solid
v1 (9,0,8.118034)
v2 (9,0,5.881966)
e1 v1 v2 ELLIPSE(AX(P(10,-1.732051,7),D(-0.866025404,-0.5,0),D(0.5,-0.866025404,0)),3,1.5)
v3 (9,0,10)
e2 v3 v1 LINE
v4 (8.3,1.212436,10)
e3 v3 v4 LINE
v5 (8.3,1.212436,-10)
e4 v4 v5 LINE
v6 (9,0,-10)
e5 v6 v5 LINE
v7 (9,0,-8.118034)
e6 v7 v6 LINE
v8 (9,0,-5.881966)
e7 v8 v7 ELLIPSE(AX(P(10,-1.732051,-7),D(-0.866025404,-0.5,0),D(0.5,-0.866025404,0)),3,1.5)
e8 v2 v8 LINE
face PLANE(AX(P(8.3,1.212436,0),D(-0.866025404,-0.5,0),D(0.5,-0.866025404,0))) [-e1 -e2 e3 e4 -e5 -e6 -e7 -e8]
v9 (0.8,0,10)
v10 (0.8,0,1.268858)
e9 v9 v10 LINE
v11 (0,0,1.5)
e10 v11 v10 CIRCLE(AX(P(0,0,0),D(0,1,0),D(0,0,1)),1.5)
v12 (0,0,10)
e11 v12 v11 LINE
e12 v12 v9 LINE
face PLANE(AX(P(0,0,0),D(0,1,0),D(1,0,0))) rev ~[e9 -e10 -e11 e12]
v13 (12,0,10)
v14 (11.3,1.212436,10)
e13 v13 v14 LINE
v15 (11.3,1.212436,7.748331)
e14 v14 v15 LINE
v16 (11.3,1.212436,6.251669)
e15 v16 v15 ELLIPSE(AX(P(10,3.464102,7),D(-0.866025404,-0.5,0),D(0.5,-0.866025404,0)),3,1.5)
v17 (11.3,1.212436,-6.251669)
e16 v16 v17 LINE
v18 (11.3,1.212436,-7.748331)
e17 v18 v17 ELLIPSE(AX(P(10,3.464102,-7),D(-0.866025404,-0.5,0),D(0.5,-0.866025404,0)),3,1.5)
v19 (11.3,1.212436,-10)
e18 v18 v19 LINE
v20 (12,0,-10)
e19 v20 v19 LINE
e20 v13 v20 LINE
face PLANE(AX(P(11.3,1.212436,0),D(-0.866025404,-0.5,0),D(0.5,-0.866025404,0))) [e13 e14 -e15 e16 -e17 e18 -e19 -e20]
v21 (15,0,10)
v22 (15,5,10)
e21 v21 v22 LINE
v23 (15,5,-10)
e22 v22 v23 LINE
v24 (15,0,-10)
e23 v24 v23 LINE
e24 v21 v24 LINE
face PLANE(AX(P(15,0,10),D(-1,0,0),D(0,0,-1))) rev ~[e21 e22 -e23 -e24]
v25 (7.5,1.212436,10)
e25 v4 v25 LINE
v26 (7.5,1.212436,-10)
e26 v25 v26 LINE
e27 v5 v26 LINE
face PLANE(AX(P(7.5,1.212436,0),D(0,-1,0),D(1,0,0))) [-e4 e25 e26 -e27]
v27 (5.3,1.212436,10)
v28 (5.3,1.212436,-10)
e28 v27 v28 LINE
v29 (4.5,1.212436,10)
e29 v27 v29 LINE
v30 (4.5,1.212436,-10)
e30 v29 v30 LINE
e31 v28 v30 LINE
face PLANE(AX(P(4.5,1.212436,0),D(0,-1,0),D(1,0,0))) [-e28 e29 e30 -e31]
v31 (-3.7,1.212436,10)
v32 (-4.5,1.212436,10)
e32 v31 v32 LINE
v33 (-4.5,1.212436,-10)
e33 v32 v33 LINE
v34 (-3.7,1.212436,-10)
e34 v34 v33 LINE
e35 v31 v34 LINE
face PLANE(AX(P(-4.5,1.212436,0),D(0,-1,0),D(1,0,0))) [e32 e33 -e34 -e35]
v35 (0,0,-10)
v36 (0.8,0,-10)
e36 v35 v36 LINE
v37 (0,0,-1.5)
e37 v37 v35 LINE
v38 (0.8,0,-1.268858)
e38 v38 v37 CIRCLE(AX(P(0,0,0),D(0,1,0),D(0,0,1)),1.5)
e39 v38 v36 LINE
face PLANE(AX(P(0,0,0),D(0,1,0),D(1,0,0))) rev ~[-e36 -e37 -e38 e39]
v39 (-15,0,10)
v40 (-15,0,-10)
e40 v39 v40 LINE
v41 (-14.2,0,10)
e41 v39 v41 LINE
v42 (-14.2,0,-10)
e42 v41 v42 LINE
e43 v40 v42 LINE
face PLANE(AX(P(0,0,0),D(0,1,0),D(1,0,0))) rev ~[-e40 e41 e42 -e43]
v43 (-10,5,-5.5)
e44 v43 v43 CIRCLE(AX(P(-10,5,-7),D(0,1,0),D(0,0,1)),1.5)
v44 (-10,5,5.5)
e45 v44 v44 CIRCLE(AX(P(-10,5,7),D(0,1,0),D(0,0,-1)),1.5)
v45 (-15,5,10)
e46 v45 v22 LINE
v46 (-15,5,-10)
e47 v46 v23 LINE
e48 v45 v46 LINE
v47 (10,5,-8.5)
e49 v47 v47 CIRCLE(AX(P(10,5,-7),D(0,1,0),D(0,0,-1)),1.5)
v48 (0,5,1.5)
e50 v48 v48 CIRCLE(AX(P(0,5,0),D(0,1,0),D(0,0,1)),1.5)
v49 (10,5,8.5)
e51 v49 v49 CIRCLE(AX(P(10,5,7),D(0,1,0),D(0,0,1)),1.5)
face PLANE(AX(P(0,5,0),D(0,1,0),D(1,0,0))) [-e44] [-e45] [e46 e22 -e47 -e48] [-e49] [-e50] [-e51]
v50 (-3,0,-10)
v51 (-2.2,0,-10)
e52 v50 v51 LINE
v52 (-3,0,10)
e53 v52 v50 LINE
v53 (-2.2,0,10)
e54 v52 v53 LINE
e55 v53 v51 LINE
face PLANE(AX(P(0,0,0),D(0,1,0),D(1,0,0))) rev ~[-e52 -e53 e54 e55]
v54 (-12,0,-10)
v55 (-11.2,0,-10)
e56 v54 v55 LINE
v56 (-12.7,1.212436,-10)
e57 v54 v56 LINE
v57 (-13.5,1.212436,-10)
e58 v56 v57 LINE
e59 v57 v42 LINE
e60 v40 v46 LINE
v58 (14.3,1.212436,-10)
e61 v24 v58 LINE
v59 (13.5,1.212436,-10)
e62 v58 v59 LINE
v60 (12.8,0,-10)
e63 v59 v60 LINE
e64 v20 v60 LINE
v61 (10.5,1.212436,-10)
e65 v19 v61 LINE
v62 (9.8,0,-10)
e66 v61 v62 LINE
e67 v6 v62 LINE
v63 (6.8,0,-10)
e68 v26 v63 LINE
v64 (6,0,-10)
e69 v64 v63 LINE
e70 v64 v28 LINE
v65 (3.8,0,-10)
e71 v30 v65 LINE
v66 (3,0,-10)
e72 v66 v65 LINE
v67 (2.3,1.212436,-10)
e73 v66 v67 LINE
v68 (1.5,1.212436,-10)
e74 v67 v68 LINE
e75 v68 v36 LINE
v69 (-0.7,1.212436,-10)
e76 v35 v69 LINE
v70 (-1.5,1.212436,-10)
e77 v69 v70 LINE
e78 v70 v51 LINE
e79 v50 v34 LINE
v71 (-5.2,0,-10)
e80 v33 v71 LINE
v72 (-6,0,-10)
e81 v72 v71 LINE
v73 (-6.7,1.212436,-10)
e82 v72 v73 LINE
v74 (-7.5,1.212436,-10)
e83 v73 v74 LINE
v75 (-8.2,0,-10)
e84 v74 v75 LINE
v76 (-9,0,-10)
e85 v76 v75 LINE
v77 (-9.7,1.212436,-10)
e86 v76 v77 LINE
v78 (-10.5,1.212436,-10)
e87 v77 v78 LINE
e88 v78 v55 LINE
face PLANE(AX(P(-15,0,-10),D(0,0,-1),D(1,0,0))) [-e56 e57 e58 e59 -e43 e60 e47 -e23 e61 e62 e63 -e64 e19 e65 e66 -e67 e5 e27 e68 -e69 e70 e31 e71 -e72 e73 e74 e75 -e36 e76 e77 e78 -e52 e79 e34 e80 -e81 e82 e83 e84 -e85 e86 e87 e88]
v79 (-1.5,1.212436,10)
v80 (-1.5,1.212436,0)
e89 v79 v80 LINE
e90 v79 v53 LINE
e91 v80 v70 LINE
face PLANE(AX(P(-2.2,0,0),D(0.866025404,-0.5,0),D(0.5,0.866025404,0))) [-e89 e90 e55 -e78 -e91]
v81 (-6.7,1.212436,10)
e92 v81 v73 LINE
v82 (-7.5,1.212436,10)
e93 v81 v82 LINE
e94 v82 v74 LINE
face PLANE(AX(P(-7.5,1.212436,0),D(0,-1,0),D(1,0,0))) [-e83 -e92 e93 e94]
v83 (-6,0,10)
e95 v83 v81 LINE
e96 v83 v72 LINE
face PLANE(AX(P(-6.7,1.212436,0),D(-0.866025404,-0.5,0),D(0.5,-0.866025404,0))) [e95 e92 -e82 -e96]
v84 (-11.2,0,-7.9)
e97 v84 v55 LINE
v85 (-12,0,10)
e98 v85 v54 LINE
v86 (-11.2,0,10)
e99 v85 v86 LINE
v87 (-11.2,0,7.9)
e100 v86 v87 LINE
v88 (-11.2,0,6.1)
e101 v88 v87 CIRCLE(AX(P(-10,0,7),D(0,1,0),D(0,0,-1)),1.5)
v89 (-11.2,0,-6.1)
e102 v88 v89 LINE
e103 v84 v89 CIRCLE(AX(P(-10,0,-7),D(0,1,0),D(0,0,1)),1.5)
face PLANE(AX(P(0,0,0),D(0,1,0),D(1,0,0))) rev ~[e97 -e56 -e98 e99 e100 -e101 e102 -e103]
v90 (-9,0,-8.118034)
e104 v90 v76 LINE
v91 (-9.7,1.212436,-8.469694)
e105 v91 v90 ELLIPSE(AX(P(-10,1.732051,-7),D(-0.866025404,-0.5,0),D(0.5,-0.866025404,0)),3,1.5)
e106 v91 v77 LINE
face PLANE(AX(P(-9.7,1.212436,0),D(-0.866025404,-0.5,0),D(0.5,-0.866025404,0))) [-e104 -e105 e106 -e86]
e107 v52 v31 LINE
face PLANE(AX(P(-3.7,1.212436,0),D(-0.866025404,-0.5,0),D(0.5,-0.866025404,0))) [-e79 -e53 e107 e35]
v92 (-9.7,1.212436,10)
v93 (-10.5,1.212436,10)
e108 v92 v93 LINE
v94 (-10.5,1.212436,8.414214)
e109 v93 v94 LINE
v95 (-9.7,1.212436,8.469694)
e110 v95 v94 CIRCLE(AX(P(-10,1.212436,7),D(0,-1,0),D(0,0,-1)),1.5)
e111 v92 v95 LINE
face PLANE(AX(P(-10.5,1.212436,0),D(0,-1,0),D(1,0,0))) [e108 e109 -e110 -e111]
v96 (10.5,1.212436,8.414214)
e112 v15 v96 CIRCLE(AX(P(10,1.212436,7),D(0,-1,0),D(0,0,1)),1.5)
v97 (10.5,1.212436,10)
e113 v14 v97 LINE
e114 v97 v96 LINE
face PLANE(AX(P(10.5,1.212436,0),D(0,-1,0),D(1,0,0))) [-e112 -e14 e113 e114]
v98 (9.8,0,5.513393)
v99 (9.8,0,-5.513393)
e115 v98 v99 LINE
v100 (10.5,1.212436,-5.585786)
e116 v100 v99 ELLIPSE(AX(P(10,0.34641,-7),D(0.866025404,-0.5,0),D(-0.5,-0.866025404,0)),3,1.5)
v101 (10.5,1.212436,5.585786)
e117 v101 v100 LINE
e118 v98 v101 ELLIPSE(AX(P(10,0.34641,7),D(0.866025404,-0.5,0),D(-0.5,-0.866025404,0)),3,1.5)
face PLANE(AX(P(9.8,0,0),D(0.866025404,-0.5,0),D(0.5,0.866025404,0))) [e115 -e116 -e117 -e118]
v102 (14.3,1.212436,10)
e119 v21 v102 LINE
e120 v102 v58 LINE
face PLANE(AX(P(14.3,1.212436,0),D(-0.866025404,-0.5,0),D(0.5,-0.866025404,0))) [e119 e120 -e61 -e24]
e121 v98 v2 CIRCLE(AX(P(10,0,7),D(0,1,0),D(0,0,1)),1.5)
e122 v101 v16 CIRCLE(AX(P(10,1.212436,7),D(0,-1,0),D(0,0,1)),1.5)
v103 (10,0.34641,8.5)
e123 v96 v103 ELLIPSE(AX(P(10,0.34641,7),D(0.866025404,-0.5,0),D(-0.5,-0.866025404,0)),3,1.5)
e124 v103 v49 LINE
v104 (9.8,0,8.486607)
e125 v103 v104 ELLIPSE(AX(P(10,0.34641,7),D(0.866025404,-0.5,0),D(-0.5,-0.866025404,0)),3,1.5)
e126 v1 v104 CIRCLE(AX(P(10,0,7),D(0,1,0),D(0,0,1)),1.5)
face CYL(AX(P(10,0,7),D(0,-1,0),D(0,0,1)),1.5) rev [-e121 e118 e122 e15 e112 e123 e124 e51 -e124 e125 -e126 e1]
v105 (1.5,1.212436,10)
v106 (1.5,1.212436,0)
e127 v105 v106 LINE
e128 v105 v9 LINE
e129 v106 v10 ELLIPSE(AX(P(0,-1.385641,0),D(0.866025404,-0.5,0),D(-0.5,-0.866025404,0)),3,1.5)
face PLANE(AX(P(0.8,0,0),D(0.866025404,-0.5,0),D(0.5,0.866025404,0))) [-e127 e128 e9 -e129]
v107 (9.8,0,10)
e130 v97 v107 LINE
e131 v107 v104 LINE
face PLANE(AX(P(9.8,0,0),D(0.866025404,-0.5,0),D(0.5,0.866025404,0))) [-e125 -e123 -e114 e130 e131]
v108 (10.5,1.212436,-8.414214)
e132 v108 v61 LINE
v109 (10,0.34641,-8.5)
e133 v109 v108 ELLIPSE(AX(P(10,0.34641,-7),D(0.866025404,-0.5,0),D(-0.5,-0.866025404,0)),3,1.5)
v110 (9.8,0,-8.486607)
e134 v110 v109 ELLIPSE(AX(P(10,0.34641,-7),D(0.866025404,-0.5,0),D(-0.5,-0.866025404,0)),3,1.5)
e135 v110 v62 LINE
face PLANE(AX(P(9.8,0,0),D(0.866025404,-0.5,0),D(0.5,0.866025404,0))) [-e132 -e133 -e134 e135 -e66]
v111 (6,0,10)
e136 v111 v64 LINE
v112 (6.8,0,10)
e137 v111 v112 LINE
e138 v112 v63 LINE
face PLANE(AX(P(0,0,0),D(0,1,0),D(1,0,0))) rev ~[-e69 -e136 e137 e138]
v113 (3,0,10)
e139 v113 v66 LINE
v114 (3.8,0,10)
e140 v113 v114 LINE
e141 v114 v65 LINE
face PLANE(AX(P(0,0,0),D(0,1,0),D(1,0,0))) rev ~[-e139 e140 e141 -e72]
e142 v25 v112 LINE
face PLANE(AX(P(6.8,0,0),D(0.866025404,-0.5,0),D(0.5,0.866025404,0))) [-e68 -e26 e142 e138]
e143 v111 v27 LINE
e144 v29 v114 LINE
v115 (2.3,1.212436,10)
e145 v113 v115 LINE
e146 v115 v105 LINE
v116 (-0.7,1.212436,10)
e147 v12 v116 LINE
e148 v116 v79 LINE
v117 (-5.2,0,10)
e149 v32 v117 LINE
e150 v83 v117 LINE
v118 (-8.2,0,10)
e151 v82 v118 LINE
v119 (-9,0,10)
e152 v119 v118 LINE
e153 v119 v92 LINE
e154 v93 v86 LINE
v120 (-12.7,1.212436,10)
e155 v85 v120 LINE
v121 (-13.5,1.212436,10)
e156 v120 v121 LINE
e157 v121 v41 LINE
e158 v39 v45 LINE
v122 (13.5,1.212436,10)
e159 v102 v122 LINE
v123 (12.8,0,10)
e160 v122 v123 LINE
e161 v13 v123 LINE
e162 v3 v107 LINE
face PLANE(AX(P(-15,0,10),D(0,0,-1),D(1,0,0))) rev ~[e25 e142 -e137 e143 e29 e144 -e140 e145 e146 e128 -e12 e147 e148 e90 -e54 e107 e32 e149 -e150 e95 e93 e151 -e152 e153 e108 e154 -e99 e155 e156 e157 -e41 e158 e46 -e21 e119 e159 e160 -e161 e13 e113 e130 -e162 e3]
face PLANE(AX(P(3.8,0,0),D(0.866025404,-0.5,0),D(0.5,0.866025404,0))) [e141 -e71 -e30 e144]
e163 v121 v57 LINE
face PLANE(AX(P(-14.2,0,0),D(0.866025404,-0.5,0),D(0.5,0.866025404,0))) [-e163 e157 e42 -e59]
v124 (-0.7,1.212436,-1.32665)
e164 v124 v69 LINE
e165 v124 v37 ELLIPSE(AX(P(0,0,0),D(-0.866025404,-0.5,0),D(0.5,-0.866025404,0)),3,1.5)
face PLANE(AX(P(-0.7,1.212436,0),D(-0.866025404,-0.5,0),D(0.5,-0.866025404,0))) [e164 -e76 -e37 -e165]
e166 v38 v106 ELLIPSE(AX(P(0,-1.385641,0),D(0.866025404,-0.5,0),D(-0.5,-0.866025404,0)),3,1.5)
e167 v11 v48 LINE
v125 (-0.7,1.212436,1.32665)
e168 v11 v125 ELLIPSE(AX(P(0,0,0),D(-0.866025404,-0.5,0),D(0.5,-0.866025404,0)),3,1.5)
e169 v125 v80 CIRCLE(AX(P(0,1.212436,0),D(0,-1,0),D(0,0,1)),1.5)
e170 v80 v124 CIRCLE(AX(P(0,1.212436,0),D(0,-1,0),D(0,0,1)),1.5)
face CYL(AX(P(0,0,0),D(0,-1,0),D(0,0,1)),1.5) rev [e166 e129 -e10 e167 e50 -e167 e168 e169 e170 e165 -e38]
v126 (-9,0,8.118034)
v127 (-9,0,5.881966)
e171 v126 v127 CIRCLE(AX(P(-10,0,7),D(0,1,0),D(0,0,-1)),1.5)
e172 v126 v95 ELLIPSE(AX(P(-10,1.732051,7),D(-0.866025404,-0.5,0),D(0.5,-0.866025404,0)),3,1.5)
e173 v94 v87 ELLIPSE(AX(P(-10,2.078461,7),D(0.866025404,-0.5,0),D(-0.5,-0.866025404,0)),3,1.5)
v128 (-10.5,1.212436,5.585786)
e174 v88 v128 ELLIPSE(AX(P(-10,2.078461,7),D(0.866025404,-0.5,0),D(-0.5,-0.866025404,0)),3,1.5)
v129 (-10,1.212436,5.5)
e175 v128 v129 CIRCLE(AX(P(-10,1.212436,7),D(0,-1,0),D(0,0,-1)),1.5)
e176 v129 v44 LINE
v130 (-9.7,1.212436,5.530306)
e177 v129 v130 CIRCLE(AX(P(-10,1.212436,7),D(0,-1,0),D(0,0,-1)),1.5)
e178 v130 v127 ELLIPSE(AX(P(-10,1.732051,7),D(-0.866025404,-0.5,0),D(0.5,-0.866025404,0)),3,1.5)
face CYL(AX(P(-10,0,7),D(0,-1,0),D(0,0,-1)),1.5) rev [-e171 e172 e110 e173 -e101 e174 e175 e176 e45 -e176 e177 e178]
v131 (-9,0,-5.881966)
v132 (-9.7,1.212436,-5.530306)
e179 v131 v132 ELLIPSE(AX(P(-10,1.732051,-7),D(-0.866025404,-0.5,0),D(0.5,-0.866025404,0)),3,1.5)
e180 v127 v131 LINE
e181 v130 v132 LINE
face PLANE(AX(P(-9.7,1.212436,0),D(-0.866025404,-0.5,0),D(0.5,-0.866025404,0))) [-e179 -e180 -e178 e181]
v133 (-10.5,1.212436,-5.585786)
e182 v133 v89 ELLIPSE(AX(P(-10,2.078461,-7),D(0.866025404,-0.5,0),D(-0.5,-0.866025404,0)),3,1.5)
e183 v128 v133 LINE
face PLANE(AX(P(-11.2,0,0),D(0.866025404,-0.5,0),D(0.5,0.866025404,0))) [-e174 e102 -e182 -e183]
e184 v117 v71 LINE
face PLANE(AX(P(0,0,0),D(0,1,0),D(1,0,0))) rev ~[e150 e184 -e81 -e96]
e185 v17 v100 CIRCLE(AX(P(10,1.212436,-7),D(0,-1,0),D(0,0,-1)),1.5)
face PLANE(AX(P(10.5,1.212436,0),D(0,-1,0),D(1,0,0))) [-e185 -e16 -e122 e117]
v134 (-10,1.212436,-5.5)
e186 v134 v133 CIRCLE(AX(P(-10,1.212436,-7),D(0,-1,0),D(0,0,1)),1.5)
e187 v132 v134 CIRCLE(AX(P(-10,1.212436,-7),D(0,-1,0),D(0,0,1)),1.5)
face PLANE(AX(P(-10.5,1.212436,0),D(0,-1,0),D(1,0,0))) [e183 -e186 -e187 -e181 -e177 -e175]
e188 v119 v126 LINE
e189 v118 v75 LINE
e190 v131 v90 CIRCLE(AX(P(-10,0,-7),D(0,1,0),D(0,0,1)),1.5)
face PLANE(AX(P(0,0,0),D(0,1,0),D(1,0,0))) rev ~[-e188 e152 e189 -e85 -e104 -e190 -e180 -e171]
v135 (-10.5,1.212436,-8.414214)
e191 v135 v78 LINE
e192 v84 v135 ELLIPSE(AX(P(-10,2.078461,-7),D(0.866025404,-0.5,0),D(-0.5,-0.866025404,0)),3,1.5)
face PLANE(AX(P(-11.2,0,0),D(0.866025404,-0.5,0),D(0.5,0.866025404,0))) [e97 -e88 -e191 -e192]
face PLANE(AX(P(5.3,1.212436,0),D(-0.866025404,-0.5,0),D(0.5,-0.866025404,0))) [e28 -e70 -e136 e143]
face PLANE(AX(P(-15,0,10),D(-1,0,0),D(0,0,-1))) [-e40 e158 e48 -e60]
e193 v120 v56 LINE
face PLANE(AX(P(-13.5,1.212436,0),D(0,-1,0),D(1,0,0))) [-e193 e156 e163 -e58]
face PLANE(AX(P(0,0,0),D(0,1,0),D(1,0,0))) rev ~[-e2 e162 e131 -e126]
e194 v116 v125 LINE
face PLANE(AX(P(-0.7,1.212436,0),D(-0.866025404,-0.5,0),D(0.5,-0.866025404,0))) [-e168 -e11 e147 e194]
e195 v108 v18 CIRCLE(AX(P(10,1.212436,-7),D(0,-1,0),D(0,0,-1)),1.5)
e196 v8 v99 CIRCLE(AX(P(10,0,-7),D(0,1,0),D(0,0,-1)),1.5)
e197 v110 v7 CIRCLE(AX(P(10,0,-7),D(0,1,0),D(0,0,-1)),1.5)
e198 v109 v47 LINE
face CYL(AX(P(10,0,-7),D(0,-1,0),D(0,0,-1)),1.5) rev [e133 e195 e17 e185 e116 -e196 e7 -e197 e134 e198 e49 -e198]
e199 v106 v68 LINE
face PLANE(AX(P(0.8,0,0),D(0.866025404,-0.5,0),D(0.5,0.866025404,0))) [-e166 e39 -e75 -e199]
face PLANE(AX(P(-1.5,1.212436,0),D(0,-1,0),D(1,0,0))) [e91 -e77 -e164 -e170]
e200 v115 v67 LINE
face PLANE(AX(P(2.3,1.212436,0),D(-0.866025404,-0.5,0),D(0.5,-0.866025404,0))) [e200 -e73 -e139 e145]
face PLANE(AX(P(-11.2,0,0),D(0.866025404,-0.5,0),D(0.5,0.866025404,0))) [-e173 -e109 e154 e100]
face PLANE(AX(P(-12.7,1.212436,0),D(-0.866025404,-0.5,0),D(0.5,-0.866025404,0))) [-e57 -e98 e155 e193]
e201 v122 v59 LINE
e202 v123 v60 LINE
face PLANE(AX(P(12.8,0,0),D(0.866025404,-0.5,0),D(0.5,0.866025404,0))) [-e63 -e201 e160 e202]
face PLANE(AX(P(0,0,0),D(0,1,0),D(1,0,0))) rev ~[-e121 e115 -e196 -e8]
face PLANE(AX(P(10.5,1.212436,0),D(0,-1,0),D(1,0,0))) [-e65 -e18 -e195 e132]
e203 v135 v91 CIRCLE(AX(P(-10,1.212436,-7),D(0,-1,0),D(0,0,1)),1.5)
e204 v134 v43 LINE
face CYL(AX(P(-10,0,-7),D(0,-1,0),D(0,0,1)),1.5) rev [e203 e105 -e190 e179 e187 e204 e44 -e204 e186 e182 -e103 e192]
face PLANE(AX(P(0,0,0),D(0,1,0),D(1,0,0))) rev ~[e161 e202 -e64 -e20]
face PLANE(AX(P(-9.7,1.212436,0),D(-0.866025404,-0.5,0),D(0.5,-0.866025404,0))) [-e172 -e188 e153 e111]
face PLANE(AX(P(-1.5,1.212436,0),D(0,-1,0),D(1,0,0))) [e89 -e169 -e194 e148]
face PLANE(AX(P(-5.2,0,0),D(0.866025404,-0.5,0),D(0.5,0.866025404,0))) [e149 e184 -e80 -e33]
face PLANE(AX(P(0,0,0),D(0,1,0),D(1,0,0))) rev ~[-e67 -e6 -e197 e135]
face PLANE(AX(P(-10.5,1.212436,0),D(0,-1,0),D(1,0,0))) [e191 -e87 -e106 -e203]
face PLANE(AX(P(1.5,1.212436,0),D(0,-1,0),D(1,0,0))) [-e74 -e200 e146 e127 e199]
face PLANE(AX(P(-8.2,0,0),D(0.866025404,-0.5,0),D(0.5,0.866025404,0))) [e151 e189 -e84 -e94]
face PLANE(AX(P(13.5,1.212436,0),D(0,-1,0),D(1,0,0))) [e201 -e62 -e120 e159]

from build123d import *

# Parameters (mm, degrees)
SKETCH_1_W             = 30
SKETCH_1_H             = 20
SKETCH_1_R             = 1.5
EXTRUDE_1_DEPTH        = 5
CUT_EXTRUDE_1_DEPTH    = 19.708286934
PATTERN_LINEAR_1_COUNT = 10
PATTERN_LINEAR_1_PITCH = 3


with BuildPart() as part:
    # 草图1 → 凸台-拉伸1 (new body)
    with BuildSketch(Plane(origin=(0, 0, 0), x_dir=(1, 0, 0), z_dir=(0, 1, 0))):
        Rectangle(SKETCH_1_W, SKETCH_1_H)
        with Locations(Location((-10, 7, 0), (0, 0, 270))):
            Circle(SKETCH_1_R, mode=Mode.SUBTRACT)
        with Locations(Location((10, 7, 0), (0, 0, 90))):
            Circle(SKETCH_1_R, mode=Mode.SUBTRACT)
        with Locations(Location((10, -7, 0), (0, 0, 270))):
            Circle(SKETCH_1_R, mode=Mode.SUBTRACT)
        with Locations(Location((-10, -7, 0), (0, 0, 90))):
            Circle(SKETCH_1_R, mode=Mode.SUBTRACT)
        with Locations(Location((0, 0, 0), (0, 0, 270))):
            Circle(SKETCH_1_R, mode=Mode.SUBTRACT)
    extrude(amount=EXTRUDE_1_DEPTH)

    # 草图2 → 切除-拉伸1 (cut, symmetric)
    with BuildSketch(Plane.XY):
        Polygon((-85.827625303, 0), (-15, 0), (-14.2, 0), (-13.5, 1.212435565), (-12.7, 1.212435565), (-12, 0), (23.413812651, -61.338522802), (-45.939949713, -184.854779506), (-155.181387668, -123.516256704), align=None)
    cut_extrude_1 = extrude(amount=CUT_EXTRUDE_1_DEPTH, both=True, mode=Mode.SUBTRACT)

    # 阵列(线性)1: 切除-拉伸1 ×10
    with Locations(*[(i * PATTERN_LINEAR_1_PITCH, 0, 0) for i in range(1, PATTERN_LINEAR_1_COUNT)]):
        add(cut_extrude_1, mode=Mode.SUBTRACT)


solid = part.part
